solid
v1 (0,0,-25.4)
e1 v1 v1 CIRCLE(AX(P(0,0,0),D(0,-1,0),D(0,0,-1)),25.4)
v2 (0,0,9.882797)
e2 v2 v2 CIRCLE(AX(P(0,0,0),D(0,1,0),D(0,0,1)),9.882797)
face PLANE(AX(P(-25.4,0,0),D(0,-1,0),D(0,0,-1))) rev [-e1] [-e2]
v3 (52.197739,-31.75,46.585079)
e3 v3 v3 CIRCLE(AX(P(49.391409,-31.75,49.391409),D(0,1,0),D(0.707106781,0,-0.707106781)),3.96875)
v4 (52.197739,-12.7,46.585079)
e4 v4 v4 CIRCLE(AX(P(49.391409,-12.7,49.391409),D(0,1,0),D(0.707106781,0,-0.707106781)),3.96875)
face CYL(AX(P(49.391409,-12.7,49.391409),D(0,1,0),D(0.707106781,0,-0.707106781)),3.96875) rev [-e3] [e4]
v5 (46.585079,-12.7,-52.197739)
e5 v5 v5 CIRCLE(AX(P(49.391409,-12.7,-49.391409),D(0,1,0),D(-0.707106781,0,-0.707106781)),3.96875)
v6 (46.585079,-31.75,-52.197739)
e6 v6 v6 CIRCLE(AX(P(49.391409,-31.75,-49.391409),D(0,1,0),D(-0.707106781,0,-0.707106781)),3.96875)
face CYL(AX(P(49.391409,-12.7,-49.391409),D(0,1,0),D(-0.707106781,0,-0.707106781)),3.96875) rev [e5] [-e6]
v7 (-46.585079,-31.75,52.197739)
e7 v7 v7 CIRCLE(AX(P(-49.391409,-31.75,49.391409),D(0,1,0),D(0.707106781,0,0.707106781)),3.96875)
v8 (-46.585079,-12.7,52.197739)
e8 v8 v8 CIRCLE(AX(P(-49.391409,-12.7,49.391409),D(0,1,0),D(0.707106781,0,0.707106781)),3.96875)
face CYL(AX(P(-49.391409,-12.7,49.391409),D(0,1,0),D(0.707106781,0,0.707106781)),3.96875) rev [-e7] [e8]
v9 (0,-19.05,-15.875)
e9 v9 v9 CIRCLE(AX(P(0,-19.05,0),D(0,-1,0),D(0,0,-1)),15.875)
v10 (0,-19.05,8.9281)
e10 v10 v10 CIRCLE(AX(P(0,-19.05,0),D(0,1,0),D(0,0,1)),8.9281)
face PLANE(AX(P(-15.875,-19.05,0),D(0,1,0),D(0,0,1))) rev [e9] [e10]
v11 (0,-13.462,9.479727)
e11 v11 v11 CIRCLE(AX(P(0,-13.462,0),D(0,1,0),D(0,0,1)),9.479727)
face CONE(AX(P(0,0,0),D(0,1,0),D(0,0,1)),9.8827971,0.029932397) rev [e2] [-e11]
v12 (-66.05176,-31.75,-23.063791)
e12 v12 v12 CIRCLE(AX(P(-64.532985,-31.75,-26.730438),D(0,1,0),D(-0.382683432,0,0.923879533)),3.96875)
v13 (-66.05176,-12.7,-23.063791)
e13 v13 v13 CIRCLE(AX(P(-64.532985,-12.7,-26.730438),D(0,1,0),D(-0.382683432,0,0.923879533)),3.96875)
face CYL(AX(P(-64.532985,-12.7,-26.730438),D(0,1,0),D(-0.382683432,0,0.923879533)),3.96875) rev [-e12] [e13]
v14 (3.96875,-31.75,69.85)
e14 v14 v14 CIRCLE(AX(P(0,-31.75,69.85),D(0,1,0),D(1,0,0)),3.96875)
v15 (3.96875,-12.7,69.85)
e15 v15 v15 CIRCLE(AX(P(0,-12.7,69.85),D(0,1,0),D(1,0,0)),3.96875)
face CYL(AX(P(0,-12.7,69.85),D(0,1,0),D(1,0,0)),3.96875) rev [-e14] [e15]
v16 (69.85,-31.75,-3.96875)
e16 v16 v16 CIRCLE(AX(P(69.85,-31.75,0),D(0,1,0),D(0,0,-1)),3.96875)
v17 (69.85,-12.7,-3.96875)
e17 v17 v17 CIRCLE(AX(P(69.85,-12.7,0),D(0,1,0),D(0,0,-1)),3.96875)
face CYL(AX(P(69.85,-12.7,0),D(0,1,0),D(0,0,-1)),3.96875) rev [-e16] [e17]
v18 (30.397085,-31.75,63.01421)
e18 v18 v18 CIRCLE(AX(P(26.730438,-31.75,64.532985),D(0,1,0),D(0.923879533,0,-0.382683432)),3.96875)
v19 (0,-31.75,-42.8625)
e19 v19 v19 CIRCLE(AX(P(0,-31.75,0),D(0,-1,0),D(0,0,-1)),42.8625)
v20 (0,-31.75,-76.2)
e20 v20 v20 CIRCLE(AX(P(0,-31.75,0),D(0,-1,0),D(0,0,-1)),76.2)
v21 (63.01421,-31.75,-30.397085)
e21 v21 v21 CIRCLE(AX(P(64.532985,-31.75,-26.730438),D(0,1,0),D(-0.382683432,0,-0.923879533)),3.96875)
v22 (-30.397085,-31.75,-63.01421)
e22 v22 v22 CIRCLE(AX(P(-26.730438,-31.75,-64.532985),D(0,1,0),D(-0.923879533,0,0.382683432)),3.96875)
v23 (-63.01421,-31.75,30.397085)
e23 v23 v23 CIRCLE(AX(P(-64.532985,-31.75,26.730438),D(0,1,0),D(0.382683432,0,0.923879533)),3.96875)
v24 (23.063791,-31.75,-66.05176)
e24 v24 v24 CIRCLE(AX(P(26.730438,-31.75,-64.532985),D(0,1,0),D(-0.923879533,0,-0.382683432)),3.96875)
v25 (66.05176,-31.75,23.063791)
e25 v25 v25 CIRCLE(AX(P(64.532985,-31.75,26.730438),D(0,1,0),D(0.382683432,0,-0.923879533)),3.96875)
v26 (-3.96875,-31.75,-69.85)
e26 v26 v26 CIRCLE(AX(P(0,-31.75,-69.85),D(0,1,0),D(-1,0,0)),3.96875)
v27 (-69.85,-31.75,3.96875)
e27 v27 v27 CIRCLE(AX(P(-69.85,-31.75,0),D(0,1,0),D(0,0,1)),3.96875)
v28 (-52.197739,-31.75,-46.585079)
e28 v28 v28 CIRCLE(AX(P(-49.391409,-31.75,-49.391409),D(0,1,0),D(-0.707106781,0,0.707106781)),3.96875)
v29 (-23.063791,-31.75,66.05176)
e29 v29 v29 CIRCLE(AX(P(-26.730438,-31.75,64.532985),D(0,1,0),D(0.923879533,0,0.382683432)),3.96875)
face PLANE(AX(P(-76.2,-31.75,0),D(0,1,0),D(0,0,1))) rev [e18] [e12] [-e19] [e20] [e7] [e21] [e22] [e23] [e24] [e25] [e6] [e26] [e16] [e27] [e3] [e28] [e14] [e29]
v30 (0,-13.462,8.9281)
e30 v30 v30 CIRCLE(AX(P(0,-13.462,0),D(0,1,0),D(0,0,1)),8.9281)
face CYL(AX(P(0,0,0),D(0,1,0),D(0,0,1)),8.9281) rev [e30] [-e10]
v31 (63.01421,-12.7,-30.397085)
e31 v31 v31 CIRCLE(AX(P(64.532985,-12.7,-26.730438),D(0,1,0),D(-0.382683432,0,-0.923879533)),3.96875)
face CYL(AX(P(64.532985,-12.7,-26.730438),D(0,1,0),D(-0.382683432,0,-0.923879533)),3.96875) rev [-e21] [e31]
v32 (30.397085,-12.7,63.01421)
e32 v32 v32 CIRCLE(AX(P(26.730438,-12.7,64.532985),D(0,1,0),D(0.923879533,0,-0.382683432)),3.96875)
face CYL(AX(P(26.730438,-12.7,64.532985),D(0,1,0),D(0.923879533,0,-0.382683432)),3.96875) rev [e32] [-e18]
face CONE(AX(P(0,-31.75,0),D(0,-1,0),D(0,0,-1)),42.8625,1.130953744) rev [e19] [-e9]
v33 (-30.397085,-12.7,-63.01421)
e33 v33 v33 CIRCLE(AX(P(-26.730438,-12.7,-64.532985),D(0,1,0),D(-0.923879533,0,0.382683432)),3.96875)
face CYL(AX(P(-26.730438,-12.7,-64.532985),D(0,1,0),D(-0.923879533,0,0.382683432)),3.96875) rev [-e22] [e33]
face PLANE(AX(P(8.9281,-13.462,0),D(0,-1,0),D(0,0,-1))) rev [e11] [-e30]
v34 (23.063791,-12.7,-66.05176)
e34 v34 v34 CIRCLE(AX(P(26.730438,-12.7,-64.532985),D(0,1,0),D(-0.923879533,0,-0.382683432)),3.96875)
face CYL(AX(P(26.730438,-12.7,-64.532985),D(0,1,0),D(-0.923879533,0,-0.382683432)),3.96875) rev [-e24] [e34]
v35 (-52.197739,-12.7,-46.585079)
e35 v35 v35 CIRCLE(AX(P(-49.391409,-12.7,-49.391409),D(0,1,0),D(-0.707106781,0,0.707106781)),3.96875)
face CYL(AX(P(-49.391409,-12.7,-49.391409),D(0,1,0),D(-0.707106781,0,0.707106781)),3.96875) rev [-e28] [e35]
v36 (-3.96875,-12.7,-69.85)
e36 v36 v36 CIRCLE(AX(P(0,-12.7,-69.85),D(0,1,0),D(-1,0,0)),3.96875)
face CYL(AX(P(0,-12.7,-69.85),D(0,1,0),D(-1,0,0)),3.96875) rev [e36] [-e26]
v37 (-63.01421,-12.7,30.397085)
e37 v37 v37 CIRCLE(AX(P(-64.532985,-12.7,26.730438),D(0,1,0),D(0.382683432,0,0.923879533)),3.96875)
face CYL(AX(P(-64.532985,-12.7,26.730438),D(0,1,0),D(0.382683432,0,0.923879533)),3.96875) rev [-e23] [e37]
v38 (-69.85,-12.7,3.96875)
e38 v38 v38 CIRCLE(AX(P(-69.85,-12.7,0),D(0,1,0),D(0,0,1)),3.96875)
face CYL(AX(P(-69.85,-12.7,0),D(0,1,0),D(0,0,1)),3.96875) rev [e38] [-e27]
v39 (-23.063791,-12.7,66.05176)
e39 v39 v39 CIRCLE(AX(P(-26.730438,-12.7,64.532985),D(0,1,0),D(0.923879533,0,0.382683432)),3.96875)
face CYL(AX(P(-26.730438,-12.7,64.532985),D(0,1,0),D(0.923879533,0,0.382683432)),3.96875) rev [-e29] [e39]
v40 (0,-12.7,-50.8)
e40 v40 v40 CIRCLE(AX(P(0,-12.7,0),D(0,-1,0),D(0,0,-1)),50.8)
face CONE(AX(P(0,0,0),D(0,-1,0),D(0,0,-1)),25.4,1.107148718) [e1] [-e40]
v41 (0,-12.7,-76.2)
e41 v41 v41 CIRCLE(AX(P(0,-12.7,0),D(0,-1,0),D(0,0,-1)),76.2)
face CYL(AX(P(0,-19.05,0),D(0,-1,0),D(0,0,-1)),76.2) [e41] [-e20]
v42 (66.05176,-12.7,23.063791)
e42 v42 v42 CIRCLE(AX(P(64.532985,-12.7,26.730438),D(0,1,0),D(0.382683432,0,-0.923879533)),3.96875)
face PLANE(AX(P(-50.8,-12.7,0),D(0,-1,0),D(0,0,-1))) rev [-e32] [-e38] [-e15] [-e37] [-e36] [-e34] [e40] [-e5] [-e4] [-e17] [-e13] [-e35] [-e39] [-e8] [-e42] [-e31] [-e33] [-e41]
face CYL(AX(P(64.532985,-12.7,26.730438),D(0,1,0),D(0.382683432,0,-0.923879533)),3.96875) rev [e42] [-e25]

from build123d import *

# Parameters (mm, degrees)
CIRPATTERN1_COUNT = 16


with BuildPart() as part:
    # Sketch1 → Revolve1 (revolve)
    with BuildSketch(Plane.XY):
        Polygon((-76.2, -12.7), (-76.2, -31.75), (-42.8625, -31.75), (-15.875, -19.05), (0, -19.05), (0, 0), (-25.4, 0), (-50.8, -12.7), align=None)
    revolve(axis=Axis((0, -19.05, 0), (0, 1, 0)))

    # Sketch5 → 5/16 (0.3125) Diameter Hole1 (revolve, cut)
    with BuildSketch(Plane(origin=(-69.85, -12.7, 0), x_dir=(0, 0, 1), z_dir=(1, 0, 0))):
        Polygon((0, 0), (0, 40.484665582), (3.96875, 38.1), (3.96875, 0), align=None)
    f_5_16_0_3125_diameter_hole1 = revolve(axis=Axis((-69.85, -6.35, 0), (0, -1, 0)), mode=Mode.SUBTRACT)

    # CirPattern1: 5/16 (0.3125) Diameter Hole1 ×16 about axis
    cirpattern1_axis = Axis((0, 0, 0), (0, 1, 0))
    for i in range(1, CIRPATTERN1_COUNT):
        add(f_5_16_0_3125_diameter_hole1.rotate(cirpattern1_axis, i * 360 / CIRPATTERN1_COUNT), mode=Mode.SUBTRACT)

    # Sketch8 → 1/2 NPT Tapped Hole1 (revolve, cut)
    with BuildSketch(Plane(origin=(0, 0, 0), x_dir=(0, 0, 1), z_dir=(1, 0, 0))):
        Polygon((0, 0), (0, 19.05), (8.9281, 19.05), (8.9281, 13.462), (9.479726792, 13.462), (9.8827971, 0), align=None)
    revolve(axis=Axis((0, 6.35, 0), (0, -1, 0)), mode=Mode.SUBTRACT)


solid = part.part
